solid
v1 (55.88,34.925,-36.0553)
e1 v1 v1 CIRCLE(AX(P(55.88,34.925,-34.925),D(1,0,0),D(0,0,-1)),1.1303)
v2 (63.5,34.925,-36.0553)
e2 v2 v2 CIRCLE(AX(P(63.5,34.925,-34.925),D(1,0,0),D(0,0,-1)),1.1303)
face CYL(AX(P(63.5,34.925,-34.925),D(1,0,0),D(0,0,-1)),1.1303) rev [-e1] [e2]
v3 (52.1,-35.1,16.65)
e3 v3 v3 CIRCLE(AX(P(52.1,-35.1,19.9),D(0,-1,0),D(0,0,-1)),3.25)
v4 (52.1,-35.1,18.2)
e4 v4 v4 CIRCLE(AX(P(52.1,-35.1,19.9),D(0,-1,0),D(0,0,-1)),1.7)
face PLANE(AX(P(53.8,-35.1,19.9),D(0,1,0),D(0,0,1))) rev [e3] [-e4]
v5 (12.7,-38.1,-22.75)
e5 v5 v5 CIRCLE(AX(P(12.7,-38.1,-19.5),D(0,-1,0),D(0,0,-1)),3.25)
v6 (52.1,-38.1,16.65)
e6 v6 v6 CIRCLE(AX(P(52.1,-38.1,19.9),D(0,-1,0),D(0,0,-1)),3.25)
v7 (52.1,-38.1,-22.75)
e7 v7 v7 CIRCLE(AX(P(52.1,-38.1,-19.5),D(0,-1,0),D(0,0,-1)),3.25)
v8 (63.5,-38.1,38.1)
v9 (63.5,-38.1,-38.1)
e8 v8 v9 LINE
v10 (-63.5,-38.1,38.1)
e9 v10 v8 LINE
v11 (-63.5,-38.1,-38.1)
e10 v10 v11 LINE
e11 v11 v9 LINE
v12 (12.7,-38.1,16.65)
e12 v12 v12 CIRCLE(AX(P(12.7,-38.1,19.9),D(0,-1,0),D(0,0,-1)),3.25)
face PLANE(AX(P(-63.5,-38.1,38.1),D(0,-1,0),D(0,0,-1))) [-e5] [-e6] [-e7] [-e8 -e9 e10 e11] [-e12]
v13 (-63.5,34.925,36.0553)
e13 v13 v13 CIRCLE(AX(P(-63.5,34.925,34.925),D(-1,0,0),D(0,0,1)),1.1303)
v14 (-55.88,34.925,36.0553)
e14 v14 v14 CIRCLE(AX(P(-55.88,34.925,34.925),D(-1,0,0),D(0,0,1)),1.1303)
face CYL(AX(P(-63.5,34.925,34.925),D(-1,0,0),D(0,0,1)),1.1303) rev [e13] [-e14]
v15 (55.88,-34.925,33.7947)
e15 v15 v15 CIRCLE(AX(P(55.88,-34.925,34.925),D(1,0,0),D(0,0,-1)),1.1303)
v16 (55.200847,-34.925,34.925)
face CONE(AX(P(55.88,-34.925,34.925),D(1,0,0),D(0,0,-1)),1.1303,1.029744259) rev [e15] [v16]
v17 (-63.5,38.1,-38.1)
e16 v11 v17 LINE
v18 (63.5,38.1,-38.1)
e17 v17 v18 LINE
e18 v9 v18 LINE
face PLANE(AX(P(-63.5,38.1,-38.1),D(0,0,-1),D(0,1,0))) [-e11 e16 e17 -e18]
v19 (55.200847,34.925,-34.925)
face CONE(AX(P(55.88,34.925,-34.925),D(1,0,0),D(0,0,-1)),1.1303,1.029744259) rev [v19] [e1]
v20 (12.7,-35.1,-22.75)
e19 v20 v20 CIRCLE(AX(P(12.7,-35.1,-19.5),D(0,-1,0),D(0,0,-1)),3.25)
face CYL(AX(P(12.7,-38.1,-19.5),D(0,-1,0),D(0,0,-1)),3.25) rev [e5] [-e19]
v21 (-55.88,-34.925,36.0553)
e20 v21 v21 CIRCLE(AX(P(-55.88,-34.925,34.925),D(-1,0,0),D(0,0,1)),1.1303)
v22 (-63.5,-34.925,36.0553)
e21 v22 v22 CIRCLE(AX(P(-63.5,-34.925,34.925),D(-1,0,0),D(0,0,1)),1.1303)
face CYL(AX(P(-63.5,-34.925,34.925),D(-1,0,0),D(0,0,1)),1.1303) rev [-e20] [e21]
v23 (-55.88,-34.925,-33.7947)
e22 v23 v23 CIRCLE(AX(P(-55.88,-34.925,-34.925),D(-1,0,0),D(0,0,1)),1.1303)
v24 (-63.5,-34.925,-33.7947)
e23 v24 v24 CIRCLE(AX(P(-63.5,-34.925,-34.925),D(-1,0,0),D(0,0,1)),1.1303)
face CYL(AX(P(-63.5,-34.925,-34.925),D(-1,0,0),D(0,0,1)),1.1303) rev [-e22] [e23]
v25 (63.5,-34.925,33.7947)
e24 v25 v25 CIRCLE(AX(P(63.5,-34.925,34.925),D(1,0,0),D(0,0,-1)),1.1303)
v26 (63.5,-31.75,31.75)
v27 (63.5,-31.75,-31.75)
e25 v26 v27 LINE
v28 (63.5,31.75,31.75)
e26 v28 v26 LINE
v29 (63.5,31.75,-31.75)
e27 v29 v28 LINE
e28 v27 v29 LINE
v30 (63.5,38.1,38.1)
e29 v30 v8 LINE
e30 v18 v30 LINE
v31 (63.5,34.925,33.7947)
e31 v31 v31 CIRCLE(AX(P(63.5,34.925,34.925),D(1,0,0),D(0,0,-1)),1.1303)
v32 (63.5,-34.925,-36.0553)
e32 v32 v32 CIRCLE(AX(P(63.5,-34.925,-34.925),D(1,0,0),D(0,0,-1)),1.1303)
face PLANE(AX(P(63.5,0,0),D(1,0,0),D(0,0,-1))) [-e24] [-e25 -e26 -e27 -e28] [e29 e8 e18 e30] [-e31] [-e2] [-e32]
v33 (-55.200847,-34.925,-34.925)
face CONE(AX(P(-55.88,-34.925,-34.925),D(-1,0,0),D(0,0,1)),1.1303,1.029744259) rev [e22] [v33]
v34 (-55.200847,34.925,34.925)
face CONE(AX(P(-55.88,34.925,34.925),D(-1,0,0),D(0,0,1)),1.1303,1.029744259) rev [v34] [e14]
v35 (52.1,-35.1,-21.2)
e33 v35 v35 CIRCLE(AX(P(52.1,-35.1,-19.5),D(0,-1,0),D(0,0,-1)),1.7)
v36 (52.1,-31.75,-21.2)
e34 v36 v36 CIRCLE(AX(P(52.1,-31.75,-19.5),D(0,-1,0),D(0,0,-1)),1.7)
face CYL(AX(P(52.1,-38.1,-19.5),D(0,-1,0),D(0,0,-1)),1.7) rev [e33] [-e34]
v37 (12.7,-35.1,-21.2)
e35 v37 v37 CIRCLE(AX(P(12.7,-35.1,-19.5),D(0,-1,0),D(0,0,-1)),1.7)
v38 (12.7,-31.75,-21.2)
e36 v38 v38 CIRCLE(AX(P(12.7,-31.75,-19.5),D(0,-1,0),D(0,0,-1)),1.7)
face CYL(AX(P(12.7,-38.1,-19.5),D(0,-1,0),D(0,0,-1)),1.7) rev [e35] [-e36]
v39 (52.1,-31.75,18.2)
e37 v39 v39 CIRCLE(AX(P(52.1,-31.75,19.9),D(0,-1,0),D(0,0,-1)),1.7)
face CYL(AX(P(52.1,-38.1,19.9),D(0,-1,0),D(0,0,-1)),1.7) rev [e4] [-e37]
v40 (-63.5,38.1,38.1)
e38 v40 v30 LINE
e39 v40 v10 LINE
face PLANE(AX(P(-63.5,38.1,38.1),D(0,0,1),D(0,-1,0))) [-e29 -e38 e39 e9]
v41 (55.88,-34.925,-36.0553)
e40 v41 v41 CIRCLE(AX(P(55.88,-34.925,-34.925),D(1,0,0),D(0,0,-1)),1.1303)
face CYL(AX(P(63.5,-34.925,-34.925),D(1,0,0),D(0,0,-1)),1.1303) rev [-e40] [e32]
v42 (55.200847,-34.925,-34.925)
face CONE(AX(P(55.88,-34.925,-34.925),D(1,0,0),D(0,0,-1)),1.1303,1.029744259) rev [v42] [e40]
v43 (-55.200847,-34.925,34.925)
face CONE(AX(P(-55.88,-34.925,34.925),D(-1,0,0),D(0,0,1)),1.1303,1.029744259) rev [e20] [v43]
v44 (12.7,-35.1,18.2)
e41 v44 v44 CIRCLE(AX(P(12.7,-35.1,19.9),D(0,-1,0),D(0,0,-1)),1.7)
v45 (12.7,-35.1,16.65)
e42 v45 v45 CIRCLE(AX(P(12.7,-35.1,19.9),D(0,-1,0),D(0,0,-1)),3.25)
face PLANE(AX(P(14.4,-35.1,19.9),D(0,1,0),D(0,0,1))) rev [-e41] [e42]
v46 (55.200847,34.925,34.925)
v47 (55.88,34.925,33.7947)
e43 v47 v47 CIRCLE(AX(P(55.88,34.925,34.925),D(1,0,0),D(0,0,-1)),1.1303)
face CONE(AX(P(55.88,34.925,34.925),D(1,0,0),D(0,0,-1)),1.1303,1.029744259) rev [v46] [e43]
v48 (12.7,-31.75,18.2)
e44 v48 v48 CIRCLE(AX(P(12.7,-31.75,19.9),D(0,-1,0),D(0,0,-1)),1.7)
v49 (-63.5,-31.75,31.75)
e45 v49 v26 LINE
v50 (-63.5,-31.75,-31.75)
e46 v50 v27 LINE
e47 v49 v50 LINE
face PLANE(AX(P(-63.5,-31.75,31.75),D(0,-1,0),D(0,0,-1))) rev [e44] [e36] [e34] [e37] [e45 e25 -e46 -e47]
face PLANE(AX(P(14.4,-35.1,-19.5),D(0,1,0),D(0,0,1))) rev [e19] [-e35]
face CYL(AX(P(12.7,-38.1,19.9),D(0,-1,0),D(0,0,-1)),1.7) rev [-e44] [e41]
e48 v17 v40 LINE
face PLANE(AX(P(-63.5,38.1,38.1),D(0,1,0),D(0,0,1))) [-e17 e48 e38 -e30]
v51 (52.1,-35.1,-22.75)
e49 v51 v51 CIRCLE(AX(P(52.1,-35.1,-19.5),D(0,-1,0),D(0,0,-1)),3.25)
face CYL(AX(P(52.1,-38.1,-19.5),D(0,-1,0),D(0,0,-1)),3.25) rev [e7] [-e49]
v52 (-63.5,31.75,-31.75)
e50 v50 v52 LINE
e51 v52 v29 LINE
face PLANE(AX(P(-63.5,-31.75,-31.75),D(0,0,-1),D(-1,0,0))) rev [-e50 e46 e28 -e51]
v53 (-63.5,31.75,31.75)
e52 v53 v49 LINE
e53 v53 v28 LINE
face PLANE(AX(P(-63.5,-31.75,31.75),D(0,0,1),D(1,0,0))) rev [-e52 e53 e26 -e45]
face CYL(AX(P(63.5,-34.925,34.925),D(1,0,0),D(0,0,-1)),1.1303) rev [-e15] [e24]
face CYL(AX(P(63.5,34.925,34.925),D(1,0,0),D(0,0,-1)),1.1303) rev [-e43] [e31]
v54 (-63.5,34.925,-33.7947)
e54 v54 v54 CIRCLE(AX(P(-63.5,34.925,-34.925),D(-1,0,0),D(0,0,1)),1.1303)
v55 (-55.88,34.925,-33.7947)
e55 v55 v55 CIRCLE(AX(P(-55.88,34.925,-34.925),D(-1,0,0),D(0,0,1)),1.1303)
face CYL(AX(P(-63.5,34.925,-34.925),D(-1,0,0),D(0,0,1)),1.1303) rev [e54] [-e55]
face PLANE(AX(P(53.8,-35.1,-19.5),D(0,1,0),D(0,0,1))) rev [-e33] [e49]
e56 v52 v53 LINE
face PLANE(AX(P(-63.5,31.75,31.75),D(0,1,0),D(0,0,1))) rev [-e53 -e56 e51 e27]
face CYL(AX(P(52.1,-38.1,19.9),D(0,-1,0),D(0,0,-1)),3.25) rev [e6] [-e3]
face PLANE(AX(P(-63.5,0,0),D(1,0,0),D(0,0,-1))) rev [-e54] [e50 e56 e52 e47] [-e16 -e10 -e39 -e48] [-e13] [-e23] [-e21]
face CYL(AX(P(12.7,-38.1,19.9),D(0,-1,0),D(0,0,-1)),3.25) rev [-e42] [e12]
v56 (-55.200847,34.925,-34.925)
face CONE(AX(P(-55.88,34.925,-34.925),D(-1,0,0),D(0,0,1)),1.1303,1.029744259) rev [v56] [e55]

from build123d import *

# Parameters (mm, degrees)
BOSS_EXTRUDE1_DEPTH            = 63.5
BOSS_EXTRUDE1_DEPTH_BACK       = 63.5
SKETCH1_W                      = 76.2
SKETCH1_H                      = 76.2
SKETCH1_W_2                    = 63.5
SKETCH1_H_2                    = 63.5
F_4_40_TAPPED_HOLE1_AT_2_COUNT = 2
F_4_40_TAPPED_HOLE1_AT_2_PITCH = 69.85
F_4_40_TAPPED_HOLE1_AT_3_COUNT = 2
F_4_40_TAPPED_HOLE1_AT_3_PITCH = 98.782817332
F_4_40_TAPPED_HOLE1_AT_4_COUNT = 2
F_4_40_TAPPED_HOLE1_AT_4_PITCH = 69.85
CBORE_FOR_M3_SHCS1_D           = 3.4
CBORE_FOR_M3_SHCS1_DEPTH       = 6.35
CBORE_FOR_M3_SHCS1_CBORE_D     = 6.5
CBORE_FOR_M3_SHCS1_CBORE_DEPTH = 3


with BuildPart() as part:
    # Sketch1 → Boss-Extrude1 (new, two sides: drawn at the far end of the back side and taken through both)
    with BuildSketch(Plane(origin=(0, 0, 0), x_dir=(0, 0, -1), z_dir=(1, 0, 0)).offset(-BOSS_EXTRUDE1_DEPTH_BACK)):
        Rectangle(SKETCH1_W, SKETCH1_H)
        Rectangle(SKETCH1_W_2, SKETCH1_H_2, mode=Mode.SUBTRACT)
    extrude(amount=BOSS_EXTRUDE1_DEPTH + BOSS_EXTRUDE1_DEPTH_BACK)

    # Sketch3 → #4-40 Tapped Hole1 (revolve, cut)
    with BuildSketch(Plane(origin=(63.5, 34.925, 34.925), x_dir=(0, 0, -1), z_dir=(0, 1, 0))):
        Polygon((0, 0), (0, 8.299152758), (1.1303, 7.62), (1.1303, 0), align=None)
    f_4_40_tapped_hole1 = revolve(axis=Axis((69.85, 34.925, 34.925), (-1, 0, 0)), mode=Mode.SUBTRACT)

    # #4-40 Tapped Hole1 at 2: #4-40 Tapped Hole1 ×2
    with Locations(*[(0, 0, -i * F_4_40_TAPPED_HOLE1_AT_2_PITCH) for i in range(1, F_4_40_TAPPED_HOLE1_AT_2_COUNT)]):
        add(f_4_40_tapped_hole1, mode=Mode.SUBTRACT)

    # #4-40 Tapped Hole1 at 3: #4-40 Tapped Hole1 ×2
    with Locations(*[Vector(0, -0.7071067811865475, -0.7071067811865476) * (i * F_4_40_TAPPED_HOLE1_AT_3_PITCH) for i in range(1, F_4_40_TAPPED_HOLE1_AT_3_COUNT)]):
        add(f_4_40_tapped_hole1, mode=Mode.SUBTRACT)

    # #4-40 Tapped Hole1 at 4: #4-40 Tapped Hole1 ×2
    with Locations(*[(0, -i * F_4_40_TAPPED_HOLE1_AT_4_PITCH, 0) for i in range(1, F_4_40_TAPPED_HOLE1_AT_4_COUNT)]):
        add(f_4_40_tapped_hole1, mode=Mode.SUBTRACT)

    # Mirror1: #4-40 Tapped Hole1 across plane
    add(f_4_40_tapped_hole1.mirror(Plane(origin=(0, 0, 0), x_dir=(0, 0, 1), z_dir=(1, 0, 0))), mode=Mode.SUBTRACT)

    # Mirror1 copy 1 sketch → Mirror1 copy 1 (revolve, cut)
    with BuildSketch(Plane(origin=(-63.5, 34.925, -34.925), x_dir=(0, 0, -1), z_dir=(0, 1, 0))):
        Polygon((0, 0), (0, -8.299152758), (1.1303, -7.62), (1.1303, 0), align=None)
    revolve(axis=Axis((-69.85, 34.925, -34.925), (-1, 0, 0)), mode=Mode.SUBTRACT)

    # Mirror1 copy 2 sketch → Mirror1 copy 2 (revolve, cut)
    with BuildSketch(Plane(origin=(-63.5, -34.925, -34.925), x_dir=(0, 0, -1), z_dir=(0, 1, 0))):
        Polygon((0, 0), (0, -8.299152758), (1.1303, -7.62), (1.1303, 0), align=None)
    revolve(axis=Axis((-69.85, -34.925, -34.925), (-1, 0, 0)), mode=Mode.SUBTRACT)

    # Mirror1 copy 3 sketch → Mirror1 copy 3 (revolve, cut)
    with BuildSketch(Plane(origin=(-63.5, -34.925, 34.925), x_dir=(0, 0, -1), z_dir=(0, 1, 0))):
        Polygon((0, 0), (0, -8.299152758), (1.1303, -7.62), (1.1303, 0), align=None)
    revolve(axis=Axis((-69.85, -34.925, 34.925), (-1, 0, 0)), mode=Mode.SUBTRACT)

    # CBORE for M3 SHCS1
    with Locations(Plane(origin=(0, -38.1, 0), x_dir=(-1, 0, 0), z_dir=(0, -1, 0))):
        with Locations((-52.09999994, 19.499999922), (-12.7, 19.499999922), (-12.7, -19.900000078), (-52.1, -19.900000078)):
            CounterBoreHole(CBORE_FOR_M3_SHCS1_D / 2, CBORE_FOR_M3_SHCS1_CBORE_D / 2, CBORE_FOR_M3_SHCS1_CBORE_DEPTH, depth=CBORE_FOR_M3_SHCS1_DEPTH)


solid = part.part
